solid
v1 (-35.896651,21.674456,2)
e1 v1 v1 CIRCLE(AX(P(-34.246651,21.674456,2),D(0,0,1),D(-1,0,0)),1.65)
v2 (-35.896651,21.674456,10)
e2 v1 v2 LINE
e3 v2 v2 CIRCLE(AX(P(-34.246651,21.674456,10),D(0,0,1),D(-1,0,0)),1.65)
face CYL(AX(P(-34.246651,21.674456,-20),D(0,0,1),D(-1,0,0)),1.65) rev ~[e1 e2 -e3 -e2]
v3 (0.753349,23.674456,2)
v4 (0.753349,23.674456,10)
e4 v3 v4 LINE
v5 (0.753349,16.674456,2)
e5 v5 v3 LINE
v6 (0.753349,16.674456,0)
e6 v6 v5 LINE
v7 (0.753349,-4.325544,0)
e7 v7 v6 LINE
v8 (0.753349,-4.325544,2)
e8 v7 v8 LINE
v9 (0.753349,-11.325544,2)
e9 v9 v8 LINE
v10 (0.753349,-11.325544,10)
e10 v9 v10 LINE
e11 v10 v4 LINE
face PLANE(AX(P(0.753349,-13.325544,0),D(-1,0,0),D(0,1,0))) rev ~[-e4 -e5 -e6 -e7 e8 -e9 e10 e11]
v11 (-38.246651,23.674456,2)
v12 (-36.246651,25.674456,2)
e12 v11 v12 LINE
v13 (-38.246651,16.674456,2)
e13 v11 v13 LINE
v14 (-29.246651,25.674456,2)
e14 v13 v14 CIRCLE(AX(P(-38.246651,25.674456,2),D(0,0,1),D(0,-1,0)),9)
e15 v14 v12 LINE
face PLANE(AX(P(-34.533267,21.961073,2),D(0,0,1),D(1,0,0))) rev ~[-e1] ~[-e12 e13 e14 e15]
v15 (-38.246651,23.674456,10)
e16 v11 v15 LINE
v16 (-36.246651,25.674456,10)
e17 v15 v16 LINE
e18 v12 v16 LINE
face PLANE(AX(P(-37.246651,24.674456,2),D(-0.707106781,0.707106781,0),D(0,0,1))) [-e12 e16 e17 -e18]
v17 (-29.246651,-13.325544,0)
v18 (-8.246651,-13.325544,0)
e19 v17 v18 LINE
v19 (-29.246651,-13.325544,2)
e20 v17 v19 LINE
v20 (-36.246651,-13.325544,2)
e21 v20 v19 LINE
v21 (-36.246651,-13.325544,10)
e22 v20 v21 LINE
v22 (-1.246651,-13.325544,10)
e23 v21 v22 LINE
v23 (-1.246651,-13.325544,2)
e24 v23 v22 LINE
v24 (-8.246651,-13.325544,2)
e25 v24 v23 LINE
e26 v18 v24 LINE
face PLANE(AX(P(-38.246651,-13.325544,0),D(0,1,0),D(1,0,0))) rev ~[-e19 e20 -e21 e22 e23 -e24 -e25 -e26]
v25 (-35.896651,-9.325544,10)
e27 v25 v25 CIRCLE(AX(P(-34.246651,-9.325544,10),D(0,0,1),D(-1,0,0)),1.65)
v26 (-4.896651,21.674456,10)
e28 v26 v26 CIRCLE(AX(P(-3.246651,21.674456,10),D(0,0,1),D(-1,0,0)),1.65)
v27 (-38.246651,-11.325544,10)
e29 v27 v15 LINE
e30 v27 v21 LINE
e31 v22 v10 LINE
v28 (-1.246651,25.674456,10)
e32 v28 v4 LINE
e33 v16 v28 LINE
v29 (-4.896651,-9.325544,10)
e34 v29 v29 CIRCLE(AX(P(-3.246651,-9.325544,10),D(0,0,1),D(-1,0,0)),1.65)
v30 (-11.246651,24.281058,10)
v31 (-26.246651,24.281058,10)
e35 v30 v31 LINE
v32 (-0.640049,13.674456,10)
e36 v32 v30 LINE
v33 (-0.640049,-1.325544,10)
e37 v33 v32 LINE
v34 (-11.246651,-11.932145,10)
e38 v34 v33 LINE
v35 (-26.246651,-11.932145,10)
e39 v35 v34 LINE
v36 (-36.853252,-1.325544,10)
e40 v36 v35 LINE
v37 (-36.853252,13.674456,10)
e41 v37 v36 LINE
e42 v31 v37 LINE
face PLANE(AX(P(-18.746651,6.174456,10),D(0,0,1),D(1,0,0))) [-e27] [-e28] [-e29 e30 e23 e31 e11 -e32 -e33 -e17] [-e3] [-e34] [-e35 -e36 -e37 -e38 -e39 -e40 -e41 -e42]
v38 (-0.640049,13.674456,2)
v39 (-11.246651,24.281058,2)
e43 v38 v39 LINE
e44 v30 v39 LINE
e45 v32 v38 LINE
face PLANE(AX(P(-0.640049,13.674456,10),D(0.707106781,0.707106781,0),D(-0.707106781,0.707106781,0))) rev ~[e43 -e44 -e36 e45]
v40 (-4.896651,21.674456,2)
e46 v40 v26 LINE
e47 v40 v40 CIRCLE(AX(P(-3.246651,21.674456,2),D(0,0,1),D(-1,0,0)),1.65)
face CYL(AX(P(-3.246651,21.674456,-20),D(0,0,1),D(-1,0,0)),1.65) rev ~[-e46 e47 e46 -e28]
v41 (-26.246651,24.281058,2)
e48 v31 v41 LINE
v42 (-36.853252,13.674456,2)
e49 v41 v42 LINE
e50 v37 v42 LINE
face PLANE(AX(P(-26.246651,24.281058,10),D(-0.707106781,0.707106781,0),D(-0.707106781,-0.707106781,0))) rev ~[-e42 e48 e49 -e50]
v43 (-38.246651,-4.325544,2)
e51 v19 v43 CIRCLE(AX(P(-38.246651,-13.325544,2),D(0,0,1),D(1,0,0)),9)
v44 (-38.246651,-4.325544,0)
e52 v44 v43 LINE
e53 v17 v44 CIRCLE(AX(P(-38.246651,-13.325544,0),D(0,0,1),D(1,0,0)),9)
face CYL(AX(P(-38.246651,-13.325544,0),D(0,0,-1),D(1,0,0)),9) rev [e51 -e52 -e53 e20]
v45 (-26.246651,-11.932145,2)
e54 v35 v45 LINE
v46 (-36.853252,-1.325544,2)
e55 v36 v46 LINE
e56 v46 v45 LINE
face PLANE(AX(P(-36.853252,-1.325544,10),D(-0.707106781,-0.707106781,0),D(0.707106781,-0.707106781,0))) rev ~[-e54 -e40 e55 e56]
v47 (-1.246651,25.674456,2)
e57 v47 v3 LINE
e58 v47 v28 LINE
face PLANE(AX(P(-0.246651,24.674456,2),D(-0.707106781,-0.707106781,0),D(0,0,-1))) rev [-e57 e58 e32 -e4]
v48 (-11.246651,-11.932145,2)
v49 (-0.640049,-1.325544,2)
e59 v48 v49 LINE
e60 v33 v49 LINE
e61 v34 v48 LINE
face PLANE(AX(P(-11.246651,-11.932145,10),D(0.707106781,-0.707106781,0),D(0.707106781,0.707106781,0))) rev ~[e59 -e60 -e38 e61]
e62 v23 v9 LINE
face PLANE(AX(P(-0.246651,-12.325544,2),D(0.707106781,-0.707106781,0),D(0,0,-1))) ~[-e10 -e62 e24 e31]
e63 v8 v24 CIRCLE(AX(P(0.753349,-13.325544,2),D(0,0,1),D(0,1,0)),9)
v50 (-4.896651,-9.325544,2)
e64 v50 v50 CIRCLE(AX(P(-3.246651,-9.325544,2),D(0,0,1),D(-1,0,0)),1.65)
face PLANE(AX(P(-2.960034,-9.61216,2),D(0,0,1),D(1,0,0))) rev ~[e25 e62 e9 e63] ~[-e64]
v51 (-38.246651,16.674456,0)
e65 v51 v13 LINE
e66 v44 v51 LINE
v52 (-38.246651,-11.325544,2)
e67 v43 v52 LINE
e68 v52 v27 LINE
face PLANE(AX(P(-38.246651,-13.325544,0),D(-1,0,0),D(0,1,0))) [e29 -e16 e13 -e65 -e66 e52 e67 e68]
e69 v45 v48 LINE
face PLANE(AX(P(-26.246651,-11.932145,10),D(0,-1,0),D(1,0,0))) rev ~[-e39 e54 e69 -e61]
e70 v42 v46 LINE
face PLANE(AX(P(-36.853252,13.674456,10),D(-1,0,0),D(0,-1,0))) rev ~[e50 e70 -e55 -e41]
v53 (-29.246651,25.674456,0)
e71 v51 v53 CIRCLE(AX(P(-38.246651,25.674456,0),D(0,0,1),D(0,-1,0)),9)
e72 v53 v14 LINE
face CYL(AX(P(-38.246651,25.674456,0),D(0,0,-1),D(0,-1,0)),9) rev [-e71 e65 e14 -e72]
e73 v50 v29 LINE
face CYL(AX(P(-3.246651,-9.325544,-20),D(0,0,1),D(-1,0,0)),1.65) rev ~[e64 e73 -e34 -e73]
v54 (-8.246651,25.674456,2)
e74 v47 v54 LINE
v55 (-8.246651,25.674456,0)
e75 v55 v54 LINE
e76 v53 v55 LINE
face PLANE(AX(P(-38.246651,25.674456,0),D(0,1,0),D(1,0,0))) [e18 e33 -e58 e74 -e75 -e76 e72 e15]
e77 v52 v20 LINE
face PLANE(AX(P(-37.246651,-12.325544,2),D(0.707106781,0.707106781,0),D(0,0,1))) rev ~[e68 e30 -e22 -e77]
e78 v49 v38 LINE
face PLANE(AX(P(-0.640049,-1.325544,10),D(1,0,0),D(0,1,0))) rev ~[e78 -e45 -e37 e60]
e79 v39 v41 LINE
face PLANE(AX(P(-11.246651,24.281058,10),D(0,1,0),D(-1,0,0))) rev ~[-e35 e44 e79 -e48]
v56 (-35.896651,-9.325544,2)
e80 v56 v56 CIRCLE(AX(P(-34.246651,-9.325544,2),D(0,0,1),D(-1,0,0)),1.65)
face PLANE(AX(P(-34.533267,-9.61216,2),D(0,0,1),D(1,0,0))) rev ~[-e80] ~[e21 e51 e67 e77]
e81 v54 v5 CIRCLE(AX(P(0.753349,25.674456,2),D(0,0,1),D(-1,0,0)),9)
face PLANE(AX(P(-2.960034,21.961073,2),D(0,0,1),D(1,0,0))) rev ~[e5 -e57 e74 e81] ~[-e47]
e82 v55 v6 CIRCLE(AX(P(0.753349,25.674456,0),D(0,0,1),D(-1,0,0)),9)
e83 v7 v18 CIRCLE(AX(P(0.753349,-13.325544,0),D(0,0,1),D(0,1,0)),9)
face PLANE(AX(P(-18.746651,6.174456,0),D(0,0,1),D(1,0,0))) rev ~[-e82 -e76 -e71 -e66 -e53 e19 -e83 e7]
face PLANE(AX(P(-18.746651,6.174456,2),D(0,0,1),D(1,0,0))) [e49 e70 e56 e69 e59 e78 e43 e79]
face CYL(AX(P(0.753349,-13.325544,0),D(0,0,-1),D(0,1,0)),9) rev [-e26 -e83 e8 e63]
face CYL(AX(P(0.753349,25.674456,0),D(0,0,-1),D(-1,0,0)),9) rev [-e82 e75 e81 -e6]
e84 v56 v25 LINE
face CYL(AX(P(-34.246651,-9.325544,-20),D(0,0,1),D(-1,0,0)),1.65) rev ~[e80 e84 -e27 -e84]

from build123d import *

# Parameters (mm, degrees)
F0_W     = 39
F0_H     = 39
F1_DEPTH = 10
F3_DEPTH = 2
F4_D     = 3.3
F4_DEPTH = 20
F4_TIP   = 0.9914200214
F5_SIZE  = 2
F8_DEPTH = 8


with BuildPart() as f1:
    # F0 (on Top) → F1 (new body)
    with BuildSketch(Plane.XY):
        with Locations((-18.7466505767, 6.1744563282)):
            Rectangle(F0_W, F0_H)
    extrude(amount=F1_DEPTH)

    # F2 (on face) → F3 (cut)
    with BuildSketch(Plane.XY):
        with BuildLine():
            ThreePointArc((-8.2466505767, 25.6744563282), (-5.6106116074, 19.3104952975), (0.7533494233, 16.6744563282))
            Line((0.7533494233, 16.6744563282), (0.7533494233, 25.6744563282))
            Line((0.7533494233, 25.6744563282), (-8.2466505767, 25.6744563282))
        make_face()
        with BuildLine():
            ThreePointArc((-38.2466505767, 16.6744563282), (-31.882689546, 19.3104952975), (-29.2466505767, 25.6744563282))
            Line((-29.2466505767, 25.6744563282), (-38.2466505767, 25.6744563282))
            Line((-38.2466505767, 25.6744563282), (-38.2466505767, 16.6744563282))
        make_face()
        with BuildLine():
            Line((-38.2466505767, -13.3255436718), (-29.2466505767, -13.3255436718))
            ThreePointArc((-29.2466505767, -13.3255436718), (-31.882689546, -6.9615826412), (-38.2466505767, -4.3255436718))
            Line((-38.2466505767, -4.3255436718), (-38.2466505767, -13.3255436718))
        make_face()
        with BuildLine():
            Line((-8.2466505767, -13.3255436718), (0.7533494233, -13.3255436718))
            Line((0.7533494233, -13.3255436718), (0.7533494233, -4.3255436718))
            ThreePointArc((0.7533494233, -4.3255436718), (-5.6106116074, -6.9615826412), (-8.2466505767, -13.3255436718))
        make_face()
    extrude(amount=F3_DEPTH, mode=Mode.SUBTRACT)

    # F4
    with Locations(Plane(origin=(0, 0, 0), x_dir=(1, 0, 0), z_dir=(0, 0, -1))):
        with Locations((-3.2466505767, -21.6744563282), (-34.2466505767, -21.6744563282), (-34.2466505767, 9.3255436718), (-3.2466505767, 9.3255436718)):
            Hole(F4_D / 2, depth=F4_DEPTH)
            with Locations((0, 0, -(F4_DEPTH + F4_TIP / 2))):  # 118° drill point
                Cone(0, F4_D / 2, F4_TIP, mode=Mode.SUBTRACT)

    # F5
    f5_edges = [f1.edges().sort_by_distance(p)[0] for p in [
        (0.753349, -13.325544, 6),
        (0.753349, 25.674456, 6),
        (-38.246651, 25.674456, 6),
        (-38.246651, -13.325544, 6),
    ]]
    chamfer(f5_edges, length=F5_SIZE)

    # F7 (on face) → F8 (cut)
    with BuildSketch(Plane.XY.offset(10)):
        Polygon((-11.2466505767, -11.9321453896), (-0.6400488589, -1.3255436718), (-0.6400488589, 13.6744563282), (-11.2466505767, 24.281058046), (-26.2466505767, 24.281058046), (-36.8532522945, 13.6744563282), (-36.8532522945, -1.3255436718), (-26.2466505767, -11.9321453896), align=None)
    extrude(amount=-F8_DEPTH, mode=Mode.SUBTRACT)


solid = f1.part
